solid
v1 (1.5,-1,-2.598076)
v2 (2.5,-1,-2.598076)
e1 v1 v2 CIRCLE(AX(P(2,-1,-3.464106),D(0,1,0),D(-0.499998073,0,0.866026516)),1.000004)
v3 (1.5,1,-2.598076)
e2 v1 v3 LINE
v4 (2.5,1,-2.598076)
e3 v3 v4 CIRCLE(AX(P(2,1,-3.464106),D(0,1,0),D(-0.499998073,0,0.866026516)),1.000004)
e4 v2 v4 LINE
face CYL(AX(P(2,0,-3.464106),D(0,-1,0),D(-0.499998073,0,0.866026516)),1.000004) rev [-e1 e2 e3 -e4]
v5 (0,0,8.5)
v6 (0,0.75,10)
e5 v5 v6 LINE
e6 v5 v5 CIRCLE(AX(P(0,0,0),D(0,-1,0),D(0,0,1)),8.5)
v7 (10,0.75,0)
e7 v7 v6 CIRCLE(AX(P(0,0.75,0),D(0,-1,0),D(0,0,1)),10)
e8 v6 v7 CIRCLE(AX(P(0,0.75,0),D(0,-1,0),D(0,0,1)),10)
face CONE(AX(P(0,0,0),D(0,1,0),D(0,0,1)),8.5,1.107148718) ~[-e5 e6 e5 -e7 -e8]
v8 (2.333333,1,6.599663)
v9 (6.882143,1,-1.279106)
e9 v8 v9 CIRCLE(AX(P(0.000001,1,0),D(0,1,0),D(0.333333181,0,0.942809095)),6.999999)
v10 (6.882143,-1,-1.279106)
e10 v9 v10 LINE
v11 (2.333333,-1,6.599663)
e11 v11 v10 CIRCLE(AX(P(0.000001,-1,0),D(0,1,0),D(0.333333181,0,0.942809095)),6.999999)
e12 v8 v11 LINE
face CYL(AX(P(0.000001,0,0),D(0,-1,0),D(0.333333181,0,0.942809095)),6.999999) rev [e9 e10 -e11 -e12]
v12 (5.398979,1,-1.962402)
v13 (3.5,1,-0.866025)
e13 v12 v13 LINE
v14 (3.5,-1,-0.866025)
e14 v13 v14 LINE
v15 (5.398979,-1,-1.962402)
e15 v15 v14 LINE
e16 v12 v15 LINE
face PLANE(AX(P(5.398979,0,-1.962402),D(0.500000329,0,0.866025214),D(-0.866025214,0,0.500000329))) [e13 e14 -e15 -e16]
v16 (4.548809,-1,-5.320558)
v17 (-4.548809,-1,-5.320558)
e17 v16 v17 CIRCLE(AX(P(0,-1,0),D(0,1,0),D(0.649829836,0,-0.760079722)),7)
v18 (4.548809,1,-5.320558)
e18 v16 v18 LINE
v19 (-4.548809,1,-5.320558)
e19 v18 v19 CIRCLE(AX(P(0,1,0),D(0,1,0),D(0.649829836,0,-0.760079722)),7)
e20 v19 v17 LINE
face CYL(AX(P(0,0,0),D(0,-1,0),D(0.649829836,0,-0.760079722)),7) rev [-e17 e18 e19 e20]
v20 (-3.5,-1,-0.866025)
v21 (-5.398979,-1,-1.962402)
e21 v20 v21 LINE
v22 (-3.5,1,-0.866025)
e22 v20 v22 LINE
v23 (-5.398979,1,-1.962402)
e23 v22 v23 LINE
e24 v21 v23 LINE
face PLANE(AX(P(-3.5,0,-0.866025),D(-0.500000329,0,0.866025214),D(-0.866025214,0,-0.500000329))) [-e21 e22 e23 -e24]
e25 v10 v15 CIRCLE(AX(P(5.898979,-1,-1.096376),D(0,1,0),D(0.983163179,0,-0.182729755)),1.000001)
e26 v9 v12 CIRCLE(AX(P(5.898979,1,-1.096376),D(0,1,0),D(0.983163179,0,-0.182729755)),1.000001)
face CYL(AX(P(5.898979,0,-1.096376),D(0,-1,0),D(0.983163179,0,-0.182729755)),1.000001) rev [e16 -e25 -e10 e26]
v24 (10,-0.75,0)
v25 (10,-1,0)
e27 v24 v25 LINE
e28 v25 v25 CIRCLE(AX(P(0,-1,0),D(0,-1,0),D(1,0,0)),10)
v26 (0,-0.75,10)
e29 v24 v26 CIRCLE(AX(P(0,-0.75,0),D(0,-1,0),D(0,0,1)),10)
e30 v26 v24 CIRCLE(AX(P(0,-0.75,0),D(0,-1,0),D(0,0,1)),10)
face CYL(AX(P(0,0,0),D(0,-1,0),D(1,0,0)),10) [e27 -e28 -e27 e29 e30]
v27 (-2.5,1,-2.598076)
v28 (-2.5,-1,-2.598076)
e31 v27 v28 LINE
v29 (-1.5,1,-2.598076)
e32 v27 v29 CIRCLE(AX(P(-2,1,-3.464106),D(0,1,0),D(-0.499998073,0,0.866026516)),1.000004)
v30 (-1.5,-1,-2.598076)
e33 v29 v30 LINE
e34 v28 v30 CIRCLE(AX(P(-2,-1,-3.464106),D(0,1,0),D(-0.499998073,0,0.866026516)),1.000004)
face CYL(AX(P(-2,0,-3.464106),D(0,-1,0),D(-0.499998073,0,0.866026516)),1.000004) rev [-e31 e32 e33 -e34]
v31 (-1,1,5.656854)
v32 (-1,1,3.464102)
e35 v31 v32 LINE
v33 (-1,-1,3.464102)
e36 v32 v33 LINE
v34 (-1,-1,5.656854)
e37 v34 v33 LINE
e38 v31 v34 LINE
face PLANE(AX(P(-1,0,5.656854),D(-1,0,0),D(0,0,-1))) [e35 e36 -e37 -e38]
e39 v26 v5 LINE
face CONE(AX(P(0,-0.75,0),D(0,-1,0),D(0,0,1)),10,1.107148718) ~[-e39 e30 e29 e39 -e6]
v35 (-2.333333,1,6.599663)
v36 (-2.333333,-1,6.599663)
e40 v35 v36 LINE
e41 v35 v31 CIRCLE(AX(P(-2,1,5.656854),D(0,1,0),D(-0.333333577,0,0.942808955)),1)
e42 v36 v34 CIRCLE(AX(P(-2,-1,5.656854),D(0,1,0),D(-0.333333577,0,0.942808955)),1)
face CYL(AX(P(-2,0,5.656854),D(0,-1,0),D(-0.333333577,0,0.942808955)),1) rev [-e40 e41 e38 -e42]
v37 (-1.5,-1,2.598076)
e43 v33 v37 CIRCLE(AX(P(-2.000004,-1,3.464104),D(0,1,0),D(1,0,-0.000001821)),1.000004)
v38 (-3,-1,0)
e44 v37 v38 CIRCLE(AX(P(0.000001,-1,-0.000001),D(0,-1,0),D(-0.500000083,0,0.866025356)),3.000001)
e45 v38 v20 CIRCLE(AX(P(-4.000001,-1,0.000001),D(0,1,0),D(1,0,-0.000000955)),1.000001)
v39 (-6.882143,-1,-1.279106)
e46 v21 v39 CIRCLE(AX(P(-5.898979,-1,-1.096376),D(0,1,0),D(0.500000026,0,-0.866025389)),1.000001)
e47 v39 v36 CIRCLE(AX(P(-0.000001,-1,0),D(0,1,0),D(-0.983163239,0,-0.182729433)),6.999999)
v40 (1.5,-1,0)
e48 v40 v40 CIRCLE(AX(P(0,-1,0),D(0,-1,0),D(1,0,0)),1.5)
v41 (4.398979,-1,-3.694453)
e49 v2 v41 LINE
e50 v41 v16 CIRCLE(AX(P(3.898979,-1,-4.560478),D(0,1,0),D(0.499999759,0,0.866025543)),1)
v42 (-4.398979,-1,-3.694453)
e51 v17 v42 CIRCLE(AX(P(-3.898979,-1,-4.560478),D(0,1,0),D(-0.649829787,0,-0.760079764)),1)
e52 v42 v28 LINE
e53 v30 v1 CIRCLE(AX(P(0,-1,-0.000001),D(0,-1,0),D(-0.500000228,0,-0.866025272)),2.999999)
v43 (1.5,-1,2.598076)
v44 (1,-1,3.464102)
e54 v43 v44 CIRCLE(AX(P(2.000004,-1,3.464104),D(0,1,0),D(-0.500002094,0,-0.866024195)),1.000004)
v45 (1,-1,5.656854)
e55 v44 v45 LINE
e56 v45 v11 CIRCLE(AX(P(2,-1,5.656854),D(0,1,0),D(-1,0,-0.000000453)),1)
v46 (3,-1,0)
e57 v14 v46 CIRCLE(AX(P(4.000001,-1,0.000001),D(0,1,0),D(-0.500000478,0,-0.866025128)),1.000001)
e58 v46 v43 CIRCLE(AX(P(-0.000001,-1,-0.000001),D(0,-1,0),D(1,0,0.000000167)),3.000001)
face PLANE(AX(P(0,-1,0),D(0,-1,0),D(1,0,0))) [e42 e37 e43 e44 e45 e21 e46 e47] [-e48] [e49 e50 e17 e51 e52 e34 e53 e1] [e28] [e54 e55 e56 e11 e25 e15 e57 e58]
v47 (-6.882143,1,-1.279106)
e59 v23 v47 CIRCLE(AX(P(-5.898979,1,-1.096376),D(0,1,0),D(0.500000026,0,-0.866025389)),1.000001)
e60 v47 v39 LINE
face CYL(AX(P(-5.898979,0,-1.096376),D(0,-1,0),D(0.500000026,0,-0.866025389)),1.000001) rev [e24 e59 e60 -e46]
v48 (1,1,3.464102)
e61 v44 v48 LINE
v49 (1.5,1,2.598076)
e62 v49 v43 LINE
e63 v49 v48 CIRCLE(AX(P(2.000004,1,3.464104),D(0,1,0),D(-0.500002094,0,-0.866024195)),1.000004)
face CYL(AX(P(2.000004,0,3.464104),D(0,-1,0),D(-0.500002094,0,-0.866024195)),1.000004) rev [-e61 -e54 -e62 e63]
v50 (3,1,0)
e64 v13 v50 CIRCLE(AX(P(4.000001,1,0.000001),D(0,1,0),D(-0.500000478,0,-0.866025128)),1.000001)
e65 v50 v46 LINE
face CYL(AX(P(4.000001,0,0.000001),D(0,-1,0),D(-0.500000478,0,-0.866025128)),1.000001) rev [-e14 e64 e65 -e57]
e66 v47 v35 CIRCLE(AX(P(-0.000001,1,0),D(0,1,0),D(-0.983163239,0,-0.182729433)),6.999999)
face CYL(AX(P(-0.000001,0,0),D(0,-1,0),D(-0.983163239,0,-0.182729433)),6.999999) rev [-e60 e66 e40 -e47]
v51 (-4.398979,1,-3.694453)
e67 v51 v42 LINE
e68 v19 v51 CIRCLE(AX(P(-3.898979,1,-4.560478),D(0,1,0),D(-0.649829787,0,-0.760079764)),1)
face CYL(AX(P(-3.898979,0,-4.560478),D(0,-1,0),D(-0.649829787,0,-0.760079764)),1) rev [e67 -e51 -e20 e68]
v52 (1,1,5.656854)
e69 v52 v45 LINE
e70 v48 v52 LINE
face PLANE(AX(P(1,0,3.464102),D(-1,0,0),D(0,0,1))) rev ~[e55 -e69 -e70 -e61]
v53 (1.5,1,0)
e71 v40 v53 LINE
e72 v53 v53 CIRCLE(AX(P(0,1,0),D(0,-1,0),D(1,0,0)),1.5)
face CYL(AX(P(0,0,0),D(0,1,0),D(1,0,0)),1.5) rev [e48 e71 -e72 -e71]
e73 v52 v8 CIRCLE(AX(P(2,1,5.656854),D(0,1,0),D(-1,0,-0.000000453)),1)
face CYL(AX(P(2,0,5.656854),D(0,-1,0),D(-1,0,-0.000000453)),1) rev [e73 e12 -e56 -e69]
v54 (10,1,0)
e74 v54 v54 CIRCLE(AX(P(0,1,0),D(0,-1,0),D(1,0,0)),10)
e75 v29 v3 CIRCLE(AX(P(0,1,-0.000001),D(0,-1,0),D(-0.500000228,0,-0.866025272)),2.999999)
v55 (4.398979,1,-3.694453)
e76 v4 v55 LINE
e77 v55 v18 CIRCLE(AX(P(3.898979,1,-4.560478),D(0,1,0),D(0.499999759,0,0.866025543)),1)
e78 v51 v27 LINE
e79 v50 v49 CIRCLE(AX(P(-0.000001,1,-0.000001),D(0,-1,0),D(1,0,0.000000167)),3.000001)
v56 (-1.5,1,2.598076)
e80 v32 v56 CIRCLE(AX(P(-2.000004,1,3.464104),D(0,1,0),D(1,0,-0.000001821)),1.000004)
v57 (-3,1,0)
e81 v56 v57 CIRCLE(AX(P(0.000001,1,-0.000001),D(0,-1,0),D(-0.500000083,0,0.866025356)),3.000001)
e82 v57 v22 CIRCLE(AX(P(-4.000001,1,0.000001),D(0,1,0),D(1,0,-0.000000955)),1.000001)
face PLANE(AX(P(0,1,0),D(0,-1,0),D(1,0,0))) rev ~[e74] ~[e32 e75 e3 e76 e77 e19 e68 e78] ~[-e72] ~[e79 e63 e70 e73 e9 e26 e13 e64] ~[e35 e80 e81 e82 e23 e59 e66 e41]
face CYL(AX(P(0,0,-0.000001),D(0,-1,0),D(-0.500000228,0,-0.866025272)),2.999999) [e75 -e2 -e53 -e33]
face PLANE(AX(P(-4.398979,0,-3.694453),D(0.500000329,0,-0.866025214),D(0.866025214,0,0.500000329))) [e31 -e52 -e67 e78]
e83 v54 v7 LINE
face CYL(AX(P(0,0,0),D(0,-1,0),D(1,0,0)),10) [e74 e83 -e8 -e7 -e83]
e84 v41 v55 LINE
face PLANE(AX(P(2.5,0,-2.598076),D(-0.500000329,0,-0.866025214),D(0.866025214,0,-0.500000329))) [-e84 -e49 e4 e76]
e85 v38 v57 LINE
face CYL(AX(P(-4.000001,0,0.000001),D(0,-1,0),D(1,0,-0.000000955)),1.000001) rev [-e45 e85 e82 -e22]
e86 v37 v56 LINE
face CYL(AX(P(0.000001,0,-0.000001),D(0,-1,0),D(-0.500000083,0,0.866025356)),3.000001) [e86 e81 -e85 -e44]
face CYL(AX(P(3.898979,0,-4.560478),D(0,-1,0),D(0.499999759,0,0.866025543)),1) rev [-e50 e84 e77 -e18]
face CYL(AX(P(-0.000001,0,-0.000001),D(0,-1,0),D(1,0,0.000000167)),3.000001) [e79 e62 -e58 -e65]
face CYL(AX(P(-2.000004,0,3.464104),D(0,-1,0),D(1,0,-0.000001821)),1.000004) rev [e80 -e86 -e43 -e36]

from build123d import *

# Parameters (mm, degrees)
F0_R     = 10
F0_R_2   = 1.5
F1_DEPTH = 1


with BuildPart() as f1:
    # F0 (on Front) → F1 (new body, symmetric)
    with BuildSketch(Plane.XZ):
        Circle(F0_R)
        with BuildLine():
            ThreePointArc((-4.548809, -5.320558), (-4.894761, -4.468726), (-4.398979, -3.694453))
            Line((-4.398979, -3.694453), (-2.5, -2.598076))
            ThreePointArc((-2.5, -2.598076), (-2, -2.464102), (-1.5, -2.598076))
            ThreePointArc((-1.5, -2.598076), (0, -3), (1.5, -2.598076))
            ThreePointArc((1.5, -2.598076), (2, -2.464102), (2.5, -2.598076))
            Line((2.5, -2.598076), (4.398979, -3.694453))
            ThreePointArc((4.398979, -3.694453), (4.894761, -4.468726), (4.548809, -5.320558))
            ThreePointArc((4.548809, -5.320558), (0, -7), (-4.548809, -5.320558))
        make_face(mode=Mode.SUBTRACT)
        with BuildLine():
            ThreePointArc((-6.882143, -1.279106), (-6.062178, 3.5), (-2.333333, 6.599663))
            ThreePointArc((-2.333333, 6.599663), (-1.42265, 6.473351), (-1, 5.656854))
            Line((-1, 5.656854), (-1, 3.464102))
            ThreePointArc((-1, 3.464102), (-1.133975, 2.964102), (-1.5, 2.598076))
            ThreePointArc((-1.5, 2.598076), (-2.598076, 1.5), (-3, 0))
            ThreePointArc((-3, 0), (-3.133975, -0.5), (-3.5, -0.866025))
            Line((-3.5, -0.866025), (-5.398979, -1.962402))
            ThreePointArc((-5.398979, -1.962402), (-6.317411, -2.004625), (-6.882143, -1.279106))
        make_face(mode=Mode.SUBTRACT)
        Circle(F0_R_2, mode=Mode.SUBTRACT)
        with BuildLine():
            Line((1, 3.464102), (1, 5.656854))
            ThreePointArc((1, 5.656854), (1.42265, 6.473351), (2.333333, 6.599663))
            ThreePointArc((2.333333, 6.599663), (6.062178, 3.5), (6.882143, -1.279106))
            ThreePointArc((6.882143, -1.279106), (6.317411, -2.004625), (5.398979, -1.962402))
            Line((5.398979, -1.962402), (3.5, -0.866025))
            ThreePointArc((3.5, -0.866025), (3.133975, -0.5), (3, 0))
            ThreePointArc((3, 0), (2.598076, 1.5), (1.5, 2.598076))
            ThreePointArc((1.5, 2.598076), (1.133975, 2.964102), (1, 3.464102))
        make_face(mode=Mode.SUBTRACT)
    extrude(amount=F1_DEPTH, both=True)

    # F2 (on Right) → F3 (revolve, cut)
    with BuildSketch(Plane.YZ):
        Polygon((-0.75, 10), (0, 8.5), (0, 10), align=None)
        Polygon((0, 10), (0, 8.5), (0.75, 10), align=None)
    revolve(axis=Axis((0, -0.781199, 0), (0, -1, 0)), mode=Mode.SUBTRACT)


solid = f1.part
